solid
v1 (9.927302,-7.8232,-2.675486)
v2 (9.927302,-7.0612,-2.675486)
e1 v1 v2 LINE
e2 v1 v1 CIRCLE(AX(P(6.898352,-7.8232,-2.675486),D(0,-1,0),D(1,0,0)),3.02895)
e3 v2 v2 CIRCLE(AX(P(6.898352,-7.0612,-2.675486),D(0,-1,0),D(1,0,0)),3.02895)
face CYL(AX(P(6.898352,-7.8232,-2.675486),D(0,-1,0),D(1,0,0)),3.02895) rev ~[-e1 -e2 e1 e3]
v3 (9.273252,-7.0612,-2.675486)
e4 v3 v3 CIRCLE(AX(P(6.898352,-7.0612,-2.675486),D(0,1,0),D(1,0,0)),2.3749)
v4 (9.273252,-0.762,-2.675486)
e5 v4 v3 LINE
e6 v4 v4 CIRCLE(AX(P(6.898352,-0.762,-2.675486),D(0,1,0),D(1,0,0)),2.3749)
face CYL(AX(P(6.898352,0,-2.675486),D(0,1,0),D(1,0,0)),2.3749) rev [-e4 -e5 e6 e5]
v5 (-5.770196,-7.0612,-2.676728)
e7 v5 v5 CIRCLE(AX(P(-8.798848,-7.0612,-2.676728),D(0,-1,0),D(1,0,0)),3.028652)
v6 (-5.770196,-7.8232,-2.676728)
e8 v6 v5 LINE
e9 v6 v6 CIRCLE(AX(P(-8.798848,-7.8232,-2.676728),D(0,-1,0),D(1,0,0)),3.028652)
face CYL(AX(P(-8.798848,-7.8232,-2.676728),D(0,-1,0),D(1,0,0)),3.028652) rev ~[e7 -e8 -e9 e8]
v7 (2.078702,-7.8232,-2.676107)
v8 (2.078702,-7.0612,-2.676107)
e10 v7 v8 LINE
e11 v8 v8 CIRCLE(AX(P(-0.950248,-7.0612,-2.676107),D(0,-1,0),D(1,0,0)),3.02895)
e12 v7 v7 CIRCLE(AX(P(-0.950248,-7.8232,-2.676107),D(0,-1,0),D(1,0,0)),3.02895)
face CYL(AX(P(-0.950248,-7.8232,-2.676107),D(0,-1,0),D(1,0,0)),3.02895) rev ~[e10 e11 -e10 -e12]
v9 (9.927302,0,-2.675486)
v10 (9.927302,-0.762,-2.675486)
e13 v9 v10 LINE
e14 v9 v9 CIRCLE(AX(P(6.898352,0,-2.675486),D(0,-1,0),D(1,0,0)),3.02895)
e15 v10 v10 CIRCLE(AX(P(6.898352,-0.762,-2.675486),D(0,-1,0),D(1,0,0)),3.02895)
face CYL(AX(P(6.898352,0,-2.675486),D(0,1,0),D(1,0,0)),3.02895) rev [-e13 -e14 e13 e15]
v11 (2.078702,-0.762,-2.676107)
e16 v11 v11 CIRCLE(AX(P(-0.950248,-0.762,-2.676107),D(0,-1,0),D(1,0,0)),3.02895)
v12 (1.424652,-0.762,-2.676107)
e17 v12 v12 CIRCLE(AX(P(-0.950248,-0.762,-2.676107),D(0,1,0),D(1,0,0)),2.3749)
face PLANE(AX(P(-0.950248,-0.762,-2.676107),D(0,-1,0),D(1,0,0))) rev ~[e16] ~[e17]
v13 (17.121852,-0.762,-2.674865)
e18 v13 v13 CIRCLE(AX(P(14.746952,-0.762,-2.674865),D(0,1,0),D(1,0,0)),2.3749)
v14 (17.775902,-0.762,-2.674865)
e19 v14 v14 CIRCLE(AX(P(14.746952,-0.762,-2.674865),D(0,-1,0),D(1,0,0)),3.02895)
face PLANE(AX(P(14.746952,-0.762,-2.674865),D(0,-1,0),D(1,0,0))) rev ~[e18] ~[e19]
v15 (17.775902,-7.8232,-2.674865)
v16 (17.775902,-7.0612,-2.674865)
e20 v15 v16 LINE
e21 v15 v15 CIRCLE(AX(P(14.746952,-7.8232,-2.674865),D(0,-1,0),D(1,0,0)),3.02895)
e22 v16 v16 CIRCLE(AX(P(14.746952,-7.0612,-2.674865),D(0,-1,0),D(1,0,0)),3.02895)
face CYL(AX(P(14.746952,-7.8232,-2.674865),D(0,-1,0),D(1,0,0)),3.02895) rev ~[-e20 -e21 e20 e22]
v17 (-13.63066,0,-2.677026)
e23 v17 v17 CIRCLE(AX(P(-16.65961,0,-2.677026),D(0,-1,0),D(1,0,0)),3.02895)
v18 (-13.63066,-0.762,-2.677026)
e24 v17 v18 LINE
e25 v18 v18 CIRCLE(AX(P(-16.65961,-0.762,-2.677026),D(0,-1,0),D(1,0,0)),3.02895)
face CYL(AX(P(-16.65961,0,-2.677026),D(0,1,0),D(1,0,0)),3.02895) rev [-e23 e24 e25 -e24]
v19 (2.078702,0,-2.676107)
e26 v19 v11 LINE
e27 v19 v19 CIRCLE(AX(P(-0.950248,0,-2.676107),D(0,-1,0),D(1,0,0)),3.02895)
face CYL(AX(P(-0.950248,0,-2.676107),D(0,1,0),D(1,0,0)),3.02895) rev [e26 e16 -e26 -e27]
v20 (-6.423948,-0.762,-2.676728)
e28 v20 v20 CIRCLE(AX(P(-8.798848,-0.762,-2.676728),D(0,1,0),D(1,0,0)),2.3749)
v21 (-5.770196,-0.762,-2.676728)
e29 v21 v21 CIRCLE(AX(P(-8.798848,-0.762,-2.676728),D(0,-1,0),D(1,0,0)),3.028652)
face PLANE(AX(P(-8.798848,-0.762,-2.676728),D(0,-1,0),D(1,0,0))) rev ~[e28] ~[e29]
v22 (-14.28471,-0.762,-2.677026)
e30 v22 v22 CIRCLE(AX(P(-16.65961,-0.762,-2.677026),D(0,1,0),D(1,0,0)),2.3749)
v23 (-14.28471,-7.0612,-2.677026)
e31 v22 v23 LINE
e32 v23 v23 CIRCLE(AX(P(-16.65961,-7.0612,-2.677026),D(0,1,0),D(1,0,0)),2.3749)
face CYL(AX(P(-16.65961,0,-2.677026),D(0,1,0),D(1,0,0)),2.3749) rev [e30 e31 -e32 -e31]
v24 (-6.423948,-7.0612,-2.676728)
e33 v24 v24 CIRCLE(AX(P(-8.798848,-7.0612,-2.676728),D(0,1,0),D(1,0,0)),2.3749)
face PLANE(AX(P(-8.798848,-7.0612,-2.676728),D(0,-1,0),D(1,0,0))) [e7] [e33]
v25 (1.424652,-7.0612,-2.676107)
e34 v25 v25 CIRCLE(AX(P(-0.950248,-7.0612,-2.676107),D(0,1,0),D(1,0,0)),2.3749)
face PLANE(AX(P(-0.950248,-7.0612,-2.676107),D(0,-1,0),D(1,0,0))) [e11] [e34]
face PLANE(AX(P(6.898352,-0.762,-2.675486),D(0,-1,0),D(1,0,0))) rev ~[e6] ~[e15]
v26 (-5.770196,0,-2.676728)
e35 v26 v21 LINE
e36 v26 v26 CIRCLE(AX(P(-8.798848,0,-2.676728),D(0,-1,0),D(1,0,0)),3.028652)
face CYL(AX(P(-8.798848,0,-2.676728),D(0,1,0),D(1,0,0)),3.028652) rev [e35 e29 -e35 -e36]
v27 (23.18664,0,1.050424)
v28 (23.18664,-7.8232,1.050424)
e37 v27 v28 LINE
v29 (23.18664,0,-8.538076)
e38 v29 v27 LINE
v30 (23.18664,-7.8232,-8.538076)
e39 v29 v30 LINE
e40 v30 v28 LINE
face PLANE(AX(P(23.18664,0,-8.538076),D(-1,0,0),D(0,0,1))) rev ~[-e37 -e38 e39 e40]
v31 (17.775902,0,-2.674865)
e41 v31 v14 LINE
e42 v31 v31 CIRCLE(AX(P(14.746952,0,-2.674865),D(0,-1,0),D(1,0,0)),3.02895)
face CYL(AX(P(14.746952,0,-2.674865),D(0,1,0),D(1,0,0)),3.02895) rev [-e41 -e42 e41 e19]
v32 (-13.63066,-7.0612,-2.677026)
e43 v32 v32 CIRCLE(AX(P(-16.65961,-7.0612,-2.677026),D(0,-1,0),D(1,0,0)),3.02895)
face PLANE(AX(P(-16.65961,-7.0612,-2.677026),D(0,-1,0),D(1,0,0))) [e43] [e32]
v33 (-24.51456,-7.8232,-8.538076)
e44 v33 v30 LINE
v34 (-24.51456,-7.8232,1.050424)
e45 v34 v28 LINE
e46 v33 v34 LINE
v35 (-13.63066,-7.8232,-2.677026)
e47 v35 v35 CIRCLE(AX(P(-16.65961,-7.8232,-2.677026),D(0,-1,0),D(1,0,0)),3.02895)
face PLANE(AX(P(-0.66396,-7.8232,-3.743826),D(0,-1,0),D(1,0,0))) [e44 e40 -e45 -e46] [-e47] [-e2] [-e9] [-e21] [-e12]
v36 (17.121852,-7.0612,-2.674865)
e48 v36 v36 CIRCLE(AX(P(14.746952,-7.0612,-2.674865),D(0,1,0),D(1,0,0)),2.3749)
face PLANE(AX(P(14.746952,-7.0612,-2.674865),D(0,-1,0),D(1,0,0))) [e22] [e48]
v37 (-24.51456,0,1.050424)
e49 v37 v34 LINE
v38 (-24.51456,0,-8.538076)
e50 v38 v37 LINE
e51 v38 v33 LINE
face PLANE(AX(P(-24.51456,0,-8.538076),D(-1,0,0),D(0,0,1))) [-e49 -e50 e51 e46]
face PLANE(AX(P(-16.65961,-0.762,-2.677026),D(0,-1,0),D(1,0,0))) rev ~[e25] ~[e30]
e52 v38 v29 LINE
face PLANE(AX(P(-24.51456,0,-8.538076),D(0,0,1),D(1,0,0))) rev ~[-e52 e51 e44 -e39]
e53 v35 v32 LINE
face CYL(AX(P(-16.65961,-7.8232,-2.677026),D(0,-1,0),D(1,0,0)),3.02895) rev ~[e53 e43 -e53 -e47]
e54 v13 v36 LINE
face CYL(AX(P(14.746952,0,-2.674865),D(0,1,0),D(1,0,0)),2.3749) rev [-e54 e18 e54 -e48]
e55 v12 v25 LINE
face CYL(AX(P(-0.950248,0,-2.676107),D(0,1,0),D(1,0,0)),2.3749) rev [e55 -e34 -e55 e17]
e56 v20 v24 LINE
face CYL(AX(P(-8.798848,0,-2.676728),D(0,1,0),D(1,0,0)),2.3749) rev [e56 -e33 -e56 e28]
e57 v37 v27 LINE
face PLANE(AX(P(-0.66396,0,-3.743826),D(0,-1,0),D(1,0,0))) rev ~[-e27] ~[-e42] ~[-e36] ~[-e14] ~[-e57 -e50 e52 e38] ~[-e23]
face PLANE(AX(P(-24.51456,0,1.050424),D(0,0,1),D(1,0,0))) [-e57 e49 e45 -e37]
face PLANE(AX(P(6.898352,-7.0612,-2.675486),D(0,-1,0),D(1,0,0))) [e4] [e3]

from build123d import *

# Parameters (mm, degrees)
F0_W     = 47.7012
F0_H     = 9.5885
F1_DEPTH = 7.8232
F3_R     = 2.3749
F4_DEPTH = 8.12476
F5_R     = 3.02895
F5_R_2   = 3.028652
F6_DEPTH = 0.762
F7_R     = 3.02895
F7_R_2   = 3.028652
F8_DEPTH = 0.762


with BuildPart() as f1:
    # F0 (on Front) → F1 (new body)
    with BuildSketch(Plane.XZ):
        with Locations((-0.66396, -3.743826)):
            Rectangle(F0_W, F0_H)
    extrude(amount=F1_DEPTH)

    # F3 (on Front) → F4 (cut)
    with BuildSketch(Plane.XZ):
        with Locations((14.746952, -2.674865)):
            Circle(F3_R)
        with Locations((6.898352, -2.675486)):
            Circle(F3_R)
        with Locations((-0.950248, -2.676107)):
            Circle(F3_R)
        with Locations((-8.798848, -2.676728)):
            Circle(F3_R)
        with Locations((-16.65961, -2.677026)):
            Circle(F3_R)
    extrude(amount=F4_DEPTH, mode=Mode.SUBTRACT)

    # F5 (on Front) → F6 (cut)
    with BuildSketch(Plane.XZ):
        with Locations((14.746952, -2.674865)):
            Circle(F5_R)
        with Locations((6.898352, -2.675486)):
            Circle(F5_R)
        with Locations((-0.950248, -2.676107)):
            Circle(F5_R)
        with Locations((-8.798848, -2.676728)):
            Circle(F5_R_2)
        with Locations((-16.65961, -2.677026)):
            Circle(F5_R)
    extrude(amount=F6_DEPTH, mode=Mode.SUBTRACT)

    # F7 (on face) → F8 (cut)
    with BuildSketch(Plane.XZ.offset(7.8232)):
        with Locations((14.746952, -2.674865)):
            Circle(F7_R)
        with Locations((6.898352, -2.675486)):
            Circle(F7_R)
        with Locations((-0.950248, -2.676107)):
            Circle(F7_R)
        with Locations((-8.798848, -2.676728)):
            Circle(F7_R_2)
        with Locations((-16.65961, -2.677026)):
            Circle(F7_R)
    extrude(amount=-F8_DEPTH, mode=Mode.SUBTRACT)


solid = f1.part
